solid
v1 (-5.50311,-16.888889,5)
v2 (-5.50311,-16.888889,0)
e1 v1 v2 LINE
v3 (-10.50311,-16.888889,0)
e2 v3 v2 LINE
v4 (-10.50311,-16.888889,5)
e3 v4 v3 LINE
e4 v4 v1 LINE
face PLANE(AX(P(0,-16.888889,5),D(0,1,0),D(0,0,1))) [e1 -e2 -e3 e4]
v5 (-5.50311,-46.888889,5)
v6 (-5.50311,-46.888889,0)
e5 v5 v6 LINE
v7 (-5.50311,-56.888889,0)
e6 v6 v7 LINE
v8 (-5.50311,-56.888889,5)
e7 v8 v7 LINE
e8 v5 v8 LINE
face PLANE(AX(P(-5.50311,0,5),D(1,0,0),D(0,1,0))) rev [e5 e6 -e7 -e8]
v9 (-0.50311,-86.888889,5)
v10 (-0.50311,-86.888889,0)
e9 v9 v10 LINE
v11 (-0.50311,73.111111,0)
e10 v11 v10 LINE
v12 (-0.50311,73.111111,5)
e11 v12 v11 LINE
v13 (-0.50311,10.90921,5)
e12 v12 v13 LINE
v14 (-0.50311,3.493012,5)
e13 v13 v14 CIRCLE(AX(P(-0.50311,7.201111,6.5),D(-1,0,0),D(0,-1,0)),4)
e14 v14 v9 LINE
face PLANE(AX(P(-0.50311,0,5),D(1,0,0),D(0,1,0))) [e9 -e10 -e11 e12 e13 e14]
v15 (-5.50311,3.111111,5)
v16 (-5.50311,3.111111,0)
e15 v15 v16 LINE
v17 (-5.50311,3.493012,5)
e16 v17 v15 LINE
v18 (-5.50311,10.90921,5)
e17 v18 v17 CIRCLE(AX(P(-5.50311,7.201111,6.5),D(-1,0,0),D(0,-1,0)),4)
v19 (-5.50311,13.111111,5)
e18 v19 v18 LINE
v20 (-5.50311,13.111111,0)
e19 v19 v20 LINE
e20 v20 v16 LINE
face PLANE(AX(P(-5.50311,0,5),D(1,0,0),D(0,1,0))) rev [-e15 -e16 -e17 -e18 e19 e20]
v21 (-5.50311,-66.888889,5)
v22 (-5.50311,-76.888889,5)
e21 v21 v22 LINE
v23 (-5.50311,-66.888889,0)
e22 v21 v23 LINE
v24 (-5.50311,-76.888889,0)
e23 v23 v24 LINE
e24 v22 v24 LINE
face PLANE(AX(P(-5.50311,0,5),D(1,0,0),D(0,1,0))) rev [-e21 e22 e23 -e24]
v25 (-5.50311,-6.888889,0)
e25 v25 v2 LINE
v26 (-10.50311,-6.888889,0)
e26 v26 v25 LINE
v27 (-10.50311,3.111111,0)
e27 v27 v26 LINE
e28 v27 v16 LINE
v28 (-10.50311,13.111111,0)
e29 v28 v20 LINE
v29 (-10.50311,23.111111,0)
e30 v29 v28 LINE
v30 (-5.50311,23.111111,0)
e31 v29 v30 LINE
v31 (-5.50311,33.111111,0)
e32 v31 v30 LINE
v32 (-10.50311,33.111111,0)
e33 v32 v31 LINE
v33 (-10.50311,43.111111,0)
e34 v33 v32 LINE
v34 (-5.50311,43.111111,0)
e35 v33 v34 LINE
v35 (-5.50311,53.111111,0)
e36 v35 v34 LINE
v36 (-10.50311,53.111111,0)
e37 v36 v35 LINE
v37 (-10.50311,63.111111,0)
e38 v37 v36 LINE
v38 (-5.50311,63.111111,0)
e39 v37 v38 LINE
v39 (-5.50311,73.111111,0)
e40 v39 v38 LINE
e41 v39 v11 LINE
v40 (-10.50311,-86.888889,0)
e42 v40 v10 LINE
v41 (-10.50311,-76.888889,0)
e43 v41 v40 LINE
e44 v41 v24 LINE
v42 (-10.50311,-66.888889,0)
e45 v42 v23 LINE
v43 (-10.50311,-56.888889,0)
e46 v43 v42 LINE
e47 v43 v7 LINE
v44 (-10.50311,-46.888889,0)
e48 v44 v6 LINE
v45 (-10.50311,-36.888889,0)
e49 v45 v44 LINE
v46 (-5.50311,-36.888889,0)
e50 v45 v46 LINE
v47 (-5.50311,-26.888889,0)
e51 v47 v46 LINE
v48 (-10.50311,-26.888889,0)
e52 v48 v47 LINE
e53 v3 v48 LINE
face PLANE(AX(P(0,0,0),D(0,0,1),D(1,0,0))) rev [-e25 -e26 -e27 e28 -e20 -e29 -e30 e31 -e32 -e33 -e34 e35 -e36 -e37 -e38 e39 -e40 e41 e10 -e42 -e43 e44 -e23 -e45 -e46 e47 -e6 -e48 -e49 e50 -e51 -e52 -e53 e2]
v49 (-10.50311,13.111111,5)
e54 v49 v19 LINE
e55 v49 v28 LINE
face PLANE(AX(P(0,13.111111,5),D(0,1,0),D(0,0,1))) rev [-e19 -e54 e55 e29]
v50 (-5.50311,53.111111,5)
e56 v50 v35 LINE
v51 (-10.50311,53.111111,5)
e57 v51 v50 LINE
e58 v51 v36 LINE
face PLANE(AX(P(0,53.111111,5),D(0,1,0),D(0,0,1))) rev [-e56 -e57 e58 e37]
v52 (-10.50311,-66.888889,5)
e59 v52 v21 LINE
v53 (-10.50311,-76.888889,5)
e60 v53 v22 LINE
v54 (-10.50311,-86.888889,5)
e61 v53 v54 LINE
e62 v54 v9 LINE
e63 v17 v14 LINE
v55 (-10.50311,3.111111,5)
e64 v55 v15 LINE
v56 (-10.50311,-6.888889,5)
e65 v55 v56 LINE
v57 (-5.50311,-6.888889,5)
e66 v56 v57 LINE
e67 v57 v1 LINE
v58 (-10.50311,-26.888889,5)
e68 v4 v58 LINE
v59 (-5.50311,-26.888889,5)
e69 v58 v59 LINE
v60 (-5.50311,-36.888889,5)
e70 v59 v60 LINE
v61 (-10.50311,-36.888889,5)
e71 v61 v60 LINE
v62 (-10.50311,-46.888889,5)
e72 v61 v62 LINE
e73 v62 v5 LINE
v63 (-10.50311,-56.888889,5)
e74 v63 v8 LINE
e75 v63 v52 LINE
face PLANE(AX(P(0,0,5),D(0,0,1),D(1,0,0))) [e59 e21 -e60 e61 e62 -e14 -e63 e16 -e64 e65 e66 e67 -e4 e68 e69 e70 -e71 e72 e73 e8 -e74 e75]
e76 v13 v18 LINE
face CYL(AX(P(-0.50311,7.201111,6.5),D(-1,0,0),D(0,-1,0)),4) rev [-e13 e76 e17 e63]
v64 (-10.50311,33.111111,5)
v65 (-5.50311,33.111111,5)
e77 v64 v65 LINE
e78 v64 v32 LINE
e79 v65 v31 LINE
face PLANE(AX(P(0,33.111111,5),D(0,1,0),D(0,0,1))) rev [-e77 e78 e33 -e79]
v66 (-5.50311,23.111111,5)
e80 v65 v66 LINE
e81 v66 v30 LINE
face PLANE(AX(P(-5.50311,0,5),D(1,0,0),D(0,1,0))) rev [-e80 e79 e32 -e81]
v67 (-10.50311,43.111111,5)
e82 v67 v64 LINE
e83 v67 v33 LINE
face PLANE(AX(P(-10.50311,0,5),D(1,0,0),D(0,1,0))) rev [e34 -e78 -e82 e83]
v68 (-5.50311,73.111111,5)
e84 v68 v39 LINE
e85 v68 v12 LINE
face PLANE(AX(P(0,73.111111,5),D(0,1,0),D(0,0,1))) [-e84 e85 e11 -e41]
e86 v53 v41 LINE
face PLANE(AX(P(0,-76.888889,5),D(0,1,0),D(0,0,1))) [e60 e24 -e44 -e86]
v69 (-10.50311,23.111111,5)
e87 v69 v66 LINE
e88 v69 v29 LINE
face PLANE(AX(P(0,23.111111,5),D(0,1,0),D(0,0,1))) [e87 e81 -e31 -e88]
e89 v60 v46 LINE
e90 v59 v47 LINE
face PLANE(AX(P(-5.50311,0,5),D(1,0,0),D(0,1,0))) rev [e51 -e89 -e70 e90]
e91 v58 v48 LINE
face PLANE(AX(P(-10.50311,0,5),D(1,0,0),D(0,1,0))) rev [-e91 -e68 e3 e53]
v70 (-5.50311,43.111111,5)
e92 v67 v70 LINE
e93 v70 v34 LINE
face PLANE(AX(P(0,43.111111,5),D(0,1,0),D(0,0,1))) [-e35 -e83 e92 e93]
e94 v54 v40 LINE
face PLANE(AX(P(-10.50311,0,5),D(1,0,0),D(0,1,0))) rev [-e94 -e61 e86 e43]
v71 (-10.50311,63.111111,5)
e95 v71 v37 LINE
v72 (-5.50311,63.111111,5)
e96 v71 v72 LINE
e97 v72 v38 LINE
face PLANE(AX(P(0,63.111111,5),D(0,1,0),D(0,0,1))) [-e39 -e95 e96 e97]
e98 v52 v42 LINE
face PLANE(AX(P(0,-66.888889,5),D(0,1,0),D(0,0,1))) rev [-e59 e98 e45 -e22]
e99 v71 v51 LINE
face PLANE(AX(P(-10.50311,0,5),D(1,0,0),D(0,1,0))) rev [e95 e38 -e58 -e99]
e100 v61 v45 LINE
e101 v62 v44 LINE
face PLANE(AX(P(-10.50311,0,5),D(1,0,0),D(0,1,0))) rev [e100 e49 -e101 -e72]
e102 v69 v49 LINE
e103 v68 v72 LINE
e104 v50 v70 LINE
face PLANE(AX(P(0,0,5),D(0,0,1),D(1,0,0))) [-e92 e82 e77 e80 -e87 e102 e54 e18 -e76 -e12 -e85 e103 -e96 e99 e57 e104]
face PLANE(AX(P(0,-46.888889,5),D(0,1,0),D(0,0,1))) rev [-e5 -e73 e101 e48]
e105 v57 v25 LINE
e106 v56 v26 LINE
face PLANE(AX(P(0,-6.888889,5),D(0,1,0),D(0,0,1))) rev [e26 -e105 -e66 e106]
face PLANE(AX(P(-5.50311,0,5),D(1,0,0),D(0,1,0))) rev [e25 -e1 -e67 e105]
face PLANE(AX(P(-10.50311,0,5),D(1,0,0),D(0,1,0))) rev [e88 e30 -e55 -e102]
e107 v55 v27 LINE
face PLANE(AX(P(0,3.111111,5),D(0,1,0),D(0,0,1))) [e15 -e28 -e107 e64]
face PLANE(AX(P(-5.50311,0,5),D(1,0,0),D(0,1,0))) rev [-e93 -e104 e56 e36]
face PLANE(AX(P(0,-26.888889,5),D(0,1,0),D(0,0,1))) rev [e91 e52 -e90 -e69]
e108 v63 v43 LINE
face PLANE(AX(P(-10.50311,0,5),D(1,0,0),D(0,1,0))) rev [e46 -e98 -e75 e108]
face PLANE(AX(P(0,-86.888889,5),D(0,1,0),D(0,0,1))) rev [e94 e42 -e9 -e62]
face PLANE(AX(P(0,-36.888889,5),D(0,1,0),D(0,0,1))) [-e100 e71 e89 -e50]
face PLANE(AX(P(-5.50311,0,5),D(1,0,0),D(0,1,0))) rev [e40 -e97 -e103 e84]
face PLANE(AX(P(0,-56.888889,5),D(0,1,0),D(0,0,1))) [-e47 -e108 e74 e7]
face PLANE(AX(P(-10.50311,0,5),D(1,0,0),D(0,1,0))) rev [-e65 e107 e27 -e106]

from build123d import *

# Parameters (mm, degrees)
SALIENTE_EXTRUIR1_DEPTH = 5
CROQUIS3_R              = 4
CORTAR_EXTRUIR1_DEPTH   = 5


with BuildPart() as part:
    # Croquis1 → Saliente-Extruir1 (new body)
    with BuildSketch(Plane.XY):
        Polygon((-10.50310955, 63.111111111), (-10.50310955, 53.111111111), (-5.50310955, 53.111111111), (-5.50310955, 43.111111111), (-10.50310955, 43.111111111), (-10.50310955, 33.111111111), (-5.50310955, 33.111111111), (-5.50310955, 23.111111111), (-10.50310955, 23.111111111), (-10.50310955, 13.111111111), (-5.50310955, 13.111111111), (-5.50310955, 3.111111111), (-10.50310955, 3.111111111), (-10.50310955, -6.888888889), (-5.50310955, -6.888888889), (-5.50310955, -16.888888889), (-10.50310955, -16.888888889), (-10.50310955, -26.888888889), (-5.50310955, -26.888888889), (-5.50310955, -36.888888889), (-10.50310955, -36.888888889), (-10.50310955, -46.888888889), (-5.50310955, -46.888888889), (-5.50310955, -56.888888889), (-10.50310955, -56.888888889), (-10.50310955, -66.888888889), (-5.50310955, -66.888888889), (-5.50310955, -76.888888889), (-10.50310955, -76.888888889), (-10.50310955, -86.888888889), (-0.50310955, -86.888888889), (-0.50310955, 73.111111111), (-5.50310955, 73.111111111), (-5.50310955, 63.111111111), align=None)
    extrude(amount=SALIENTE_EXTRUIR1_DEPTH)

    # Croquis3 → Cortar-Extruir1 (cut)
    with BuildSketch(Plane.ZY.offset(5.50310955)):
        with Locations((6.5, 7.201111111)):
            Circle(CROQUIS3_R)
    extrude(amount=-CORTAR_EXTRUIR1_DEPTH, mode=Mode.SUBTRACT)


solid = part.part
